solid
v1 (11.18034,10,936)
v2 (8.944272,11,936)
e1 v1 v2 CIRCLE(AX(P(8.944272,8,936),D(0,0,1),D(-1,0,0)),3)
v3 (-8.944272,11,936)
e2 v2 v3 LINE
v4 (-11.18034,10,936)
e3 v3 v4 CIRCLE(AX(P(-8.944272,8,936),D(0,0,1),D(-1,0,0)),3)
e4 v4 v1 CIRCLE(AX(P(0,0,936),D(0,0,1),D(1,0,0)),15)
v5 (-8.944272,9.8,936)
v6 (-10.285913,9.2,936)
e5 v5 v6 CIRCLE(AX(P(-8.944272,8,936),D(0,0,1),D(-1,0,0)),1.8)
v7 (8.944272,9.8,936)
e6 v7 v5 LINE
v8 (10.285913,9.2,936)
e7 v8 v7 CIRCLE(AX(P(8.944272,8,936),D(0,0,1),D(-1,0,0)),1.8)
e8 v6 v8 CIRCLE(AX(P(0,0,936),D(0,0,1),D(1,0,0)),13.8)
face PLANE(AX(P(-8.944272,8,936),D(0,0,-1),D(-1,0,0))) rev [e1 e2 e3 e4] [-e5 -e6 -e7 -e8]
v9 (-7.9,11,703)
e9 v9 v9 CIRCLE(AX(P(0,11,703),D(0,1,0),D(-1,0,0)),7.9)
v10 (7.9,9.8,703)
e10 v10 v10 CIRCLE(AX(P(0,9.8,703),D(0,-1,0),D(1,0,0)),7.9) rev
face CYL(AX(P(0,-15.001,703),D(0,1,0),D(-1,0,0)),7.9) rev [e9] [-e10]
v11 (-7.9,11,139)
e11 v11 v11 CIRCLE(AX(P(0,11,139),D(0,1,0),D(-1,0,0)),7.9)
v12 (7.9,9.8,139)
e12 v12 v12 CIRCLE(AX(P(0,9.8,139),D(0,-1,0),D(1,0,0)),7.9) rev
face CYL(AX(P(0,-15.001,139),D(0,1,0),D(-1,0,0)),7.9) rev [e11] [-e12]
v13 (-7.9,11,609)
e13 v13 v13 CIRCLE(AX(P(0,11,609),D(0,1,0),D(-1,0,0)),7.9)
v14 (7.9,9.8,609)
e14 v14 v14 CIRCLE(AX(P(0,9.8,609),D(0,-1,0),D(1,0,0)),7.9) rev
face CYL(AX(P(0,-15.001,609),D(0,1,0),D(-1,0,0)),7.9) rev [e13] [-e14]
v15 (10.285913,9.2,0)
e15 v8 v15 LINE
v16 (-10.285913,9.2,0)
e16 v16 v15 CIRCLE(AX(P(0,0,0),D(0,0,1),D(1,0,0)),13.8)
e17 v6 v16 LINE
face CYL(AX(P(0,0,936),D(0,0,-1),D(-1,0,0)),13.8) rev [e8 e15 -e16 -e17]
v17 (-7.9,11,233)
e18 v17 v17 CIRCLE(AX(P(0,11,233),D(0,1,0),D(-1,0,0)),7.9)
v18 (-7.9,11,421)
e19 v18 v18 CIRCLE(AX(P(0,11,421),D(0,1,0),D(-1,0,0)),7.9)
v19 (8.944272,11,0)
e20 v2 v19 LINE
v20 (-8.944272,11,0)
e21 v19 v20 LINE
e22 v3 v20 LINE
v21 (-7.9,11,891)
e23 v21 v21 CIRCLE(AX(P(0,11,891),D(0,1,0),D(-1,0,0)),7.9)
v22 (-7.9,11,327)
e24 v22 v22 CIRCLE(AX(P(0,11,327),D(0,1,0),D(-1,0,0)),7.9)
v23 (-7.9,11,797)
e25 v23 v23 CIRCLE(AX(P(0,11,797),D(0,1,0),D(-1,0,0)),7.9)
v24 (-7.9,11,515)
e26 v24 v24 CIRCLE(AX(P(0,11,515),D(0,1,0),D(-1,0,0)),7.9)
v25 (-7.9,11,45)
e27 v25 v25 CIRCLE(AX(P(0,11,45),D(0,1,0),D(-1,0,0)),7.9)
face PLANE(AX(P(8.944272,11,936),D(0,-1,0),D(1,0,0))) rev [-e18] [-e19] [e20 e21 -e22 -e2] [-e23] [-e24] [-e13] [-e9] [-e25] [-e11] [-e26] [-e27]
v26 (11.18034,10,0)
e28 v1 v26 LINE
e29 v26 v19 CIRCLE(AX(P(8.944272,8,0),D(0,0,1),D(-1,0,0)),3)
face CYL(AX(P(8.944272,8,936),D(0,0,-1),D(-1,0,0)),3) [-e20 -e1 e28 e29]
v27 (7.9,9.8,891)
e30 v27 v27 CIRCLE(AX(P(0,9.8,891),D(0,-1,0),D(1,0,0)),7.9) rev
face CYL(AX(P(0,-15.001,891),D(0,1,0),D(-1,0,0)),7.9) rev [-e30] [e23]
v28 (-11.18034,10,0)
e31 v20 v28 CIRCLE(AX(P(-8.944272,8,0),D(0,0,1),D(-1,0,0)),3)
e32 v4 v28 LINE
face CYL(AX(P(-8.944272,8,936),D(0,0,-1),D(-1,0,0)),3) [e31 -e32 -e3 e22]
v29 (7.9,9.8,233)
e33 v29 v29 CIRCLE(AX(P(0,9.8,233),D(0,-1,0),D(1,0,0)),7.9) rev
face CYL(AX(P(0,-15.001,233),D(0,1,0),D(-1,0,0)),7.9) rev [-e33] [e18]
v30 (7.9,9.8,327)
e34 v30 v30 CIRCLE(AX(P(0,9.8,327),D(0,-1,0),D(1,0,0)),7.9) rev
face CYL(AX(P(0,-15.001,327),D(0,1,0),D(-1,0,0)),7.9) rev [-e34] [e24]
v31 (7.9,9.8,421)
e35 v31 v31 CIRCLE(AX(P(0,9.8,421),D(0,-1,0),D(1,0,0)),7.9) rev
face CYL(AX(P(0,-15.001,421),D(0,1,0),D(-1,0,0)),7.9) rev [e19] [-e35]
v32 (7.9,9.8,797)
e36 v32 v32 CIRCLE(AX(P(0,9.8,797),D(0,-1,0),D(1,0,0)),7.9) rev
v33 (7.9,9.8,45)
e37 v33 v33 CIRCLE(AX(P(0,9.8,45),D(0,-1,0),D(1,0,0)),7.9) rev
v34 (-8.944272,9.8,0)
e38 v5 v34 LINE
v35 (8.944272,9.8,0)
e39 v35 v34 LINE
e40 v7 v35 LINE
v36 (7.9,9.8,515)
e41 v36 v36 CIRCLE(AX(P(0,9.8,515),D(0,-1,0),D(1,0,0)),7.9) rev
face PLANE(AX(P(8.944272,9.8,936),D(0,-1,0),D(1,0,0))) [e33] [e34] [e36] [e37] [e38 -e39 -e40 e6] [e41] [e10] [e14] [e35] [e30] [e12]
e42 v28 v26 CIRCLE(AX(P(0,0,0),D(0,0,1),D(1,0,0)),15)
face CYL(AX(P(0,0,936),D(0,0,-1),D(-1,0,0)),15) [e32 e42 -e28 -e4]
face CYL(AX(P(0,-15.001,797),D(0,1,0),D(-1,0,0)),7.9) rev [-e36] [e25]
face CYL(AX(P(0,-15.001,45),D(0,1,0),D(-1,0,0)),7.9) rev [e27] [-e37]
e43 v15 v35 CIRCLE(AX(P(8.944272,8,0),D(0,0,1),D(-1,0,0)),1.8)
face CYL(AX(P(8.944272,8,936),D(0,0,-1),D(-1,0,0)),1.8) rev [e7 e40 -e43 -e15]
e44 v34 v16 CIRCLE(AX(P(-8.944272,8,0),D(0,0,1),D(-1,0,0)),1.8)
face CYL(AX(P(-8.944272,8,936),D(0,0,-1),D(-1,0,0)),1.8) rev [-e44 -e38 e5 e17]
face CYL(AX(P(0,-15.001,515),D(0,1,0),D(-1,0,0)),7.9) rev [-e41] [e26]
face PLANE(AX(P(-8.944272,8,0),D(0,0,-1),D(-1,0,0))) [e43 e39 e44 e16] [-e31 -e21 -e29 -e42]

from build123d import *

# Parameters (mm, degrees)
BOSS_EXTRUDE1_DEPTH = 936
CUT_EXTRUDE1_REACH  = 938.481
SKETCH2_R           = 7.9


with BuildPart() as part:
    # Sketch1 → Boss-Extrude1 (new body)
    with BuildSketch(Plane.XY):
        with BuildLine():
            Line((8.94427191, 11), (-8.94427191, 11))
            ThreePointArc((-8.94427191, 11), (-10.169016781, 10.738612788), (-11.180339887, 10))
            ThreePointArc((-11.180339887, 10), (0, -15), (11.180339887, 10))
            ThreePointArc((11.180339887, 10), (10.169016781, 10.738612788), (8.94427191, 11))
        make_face()
        with BuildLine():
            Line((8.94427191, 9.8), (-8.94427191, 9.8))
            ThreePointArc((-8.94427191, 9.8), (-9.679118833, 9.643167673), (-10.285912696, 9.2))
            ThreePointArc((-10.285912696, 9.2), (0, -13.8), (10.285912696, 9.2))
            ThreePointArc((10.285912696, 9.2), (9.679118833, 9.643167673), (8.94427191, 9.8))
        make_face(mode=Mode.SUBTRACT)
    extrude(amount=BOSS_EXTRUDE1_DEPTH)

    # Sketch2 → Cut-Extrude1 (cut, up to next)
    with BuildSketch(Plane(origin=(0, 11, 0), x_dir=(1, 0, 0), z_dir=(0, 1, 0)), mode=Mode.PRIVATE) as cut_extrude1_sk1:
        with Locations(Location((0, -891, 0), (0, 0, 180))):
            Circle(SKETCH2_R)
    cut_extrude1_tool1 = extrude(cut_extrude1_sk1.sketch, amount=-CUT_EXTRUDE1_REACH, mode=Mode.PRIVATE) & part.part
    # Sketch2 → Cut-Extrude1 (cut, up to next)
    with BuildSketch(Plane(origin=(0, 11, 0), x_dir=(1, 0, 0), z_dir=(0, 1, 0)), mode=Mode.PRIVATE) as cut_extrude1_sk2:
        with Locations(Location((0, -797, 0), (0, 0, 180))):
            Circle(SKETCH2_R)
    cut_extrude1_tool2 = extrude(cut_extrude1_sk2.sketch, amount=-CUT_EXTRUDE1_REACH, mode=Mode.PRIVATE) & part.part
    # Sketch2 → Cut-Extrude1 (cut, up to next)
    with BuildSketch(Plane(origin=(0, 11, 0), x_dir=(1, 0, 0), z_dir=(0, 1, 0)), mode=Mode.PRIVATE) as cut_extrude1_sk3:
        with Locations(Location((0, -703, 0), (0, 0, 180))):
            Circle(SKETCH2_R)
    cut_extrude1_tool3 = extrude(cut_extrude1_sk3.sketch, amount=-CUT_EXTRUDE1_REACH, mode=Mode.PRIVATE) & part.part
    # Sketch2 → Cut-Extrude1 (cut, up to next)
    with BuildSketch(Plane(origin=(0, 11, 0), x_dir=(1, 0, 0), z_dir=(0, 1, 0)), mode=Mode.PRIVATE) as cut_extrude1_sk4:
        with Locations(Location((0, -609, 0), (0, 0, 180))):
            Circle(SKETCH2_R)
    cut_extrude1_tool4 = extrude(cut_extrude1_sk4.sketch, amount=-CUT_EXTRUDE1_REACH, mode=Mode.PRIVATE) & part.part
    # Sketch2 → Cut-Extrude1 (cut, up to next)
    with BuildSketch(Plane(origin=(0, 11, 0), x_dir=(1, 0, 0), z_dir=(0, 1, 0)), mode=Mode.PRIVATE) as cut_extrude1_sk5:
        with Locations(Location((0, -515, 0), (0, 0, 180))):
            Circle(SKETCH2_R)
    cut_extrude1_tool5 = extrude(cut_extrude1_sk5.sketch, amount=-CUT_EXTRUDE1_REACH, mode=Mode.PRIVATE) & part.part
    # Sketch2 → Cut-Extrude1 (cut, up to next)
    with BuildSketch(Plane(origin=(0, 11, 0), x_dir=(1, 0, 0), z_dir=(0, 1, 0)), mode=Mode.PRIVATE) as cut_extrude1_sk6:
        with Locations(Location((0, -421, 0), (0, 0, 180))):
            Circle(SKETCH2_R)
    cut_extrude1_tool6 = extrude(cut_extrude1_sk6.sketch, amount=-CUT_EXTRUDE1_REACH, mode=Mode.PRIVATE) & part.part
    # Sketch2 → Cut-Extrude1 (cut, up to next)
    with BuildSketch(Plane(origin=(0, 11, 0), x_dir=(1, 0, 0), z_dir=(0, 1, 0)), mode=Mode.PRIVATE) as cut_extrude1_sk7:
        with Locations(Location((0, -327, 0), (0, 0, 180))):
            Circle(SKETCH2_R)
    cut_extrude1_tool7 = extrude(cut_extrude1_sk7.sketch, amount=-CUT_EXTRUDE1_REACH, mode=Mode.PRIVATE) & part.part
    # Sketch2 → Cut-Extrude1 (cut, up to next)
    with BuildSketch(Plane(origin=(0, 11, 0), x_dir=(1, 0, 0), z_dir=(0, 1, 0)), mode=Mode.PRIVATE) as cut_extrude1_sk8:
        with Locations(Location((0, -233, 0), (0, 0, 180))):
            Circle(SKETCH2_R)
    cut_extrude1_tool8 = extrude(cut_extrude1_sk8.sketch, amount=-CUT_EXTRUDE1_REACH, mode=Mode.PRIVATE) & part.part
    # Sketch2 → Cut-Extrude1 (cut, up to next)
    with BuildSketch(Plane(origin=(0, 11, 0), x_dir=(1, 0, 0), z_dir=(0, 1, 0)), mode=Mode.PRIVATE) as cut_extrude1_sk9:
        with Locations(Location((0, -139, 0), (0, 0, 180))):
            Circle(SKETCH2_R)
    cut_extrude1_tool9 = extrude(cut_extrude1_sk9.sketch, amount=-CUT_EXTRUDE1_REACH, mode=Mode.PRIVATE) & part.part
    # Sketch2 → Cut-Extrude1 (cut, up to next)
    with BuildSketch(Plane(origin=(0, 11, 0), x_dir=(1, 0, 0), z_dir=(0, 1, 0)), mode=Mode.PRIVATE) as cut_extrude1_sk10:
        with Locations(Location((0, -45, 0), (0, 0, 180))):
            Circle(SKETCH2_R)
    cut_extrude1_tool10 = extrude(cut_extrude1_sk10.sketch, amount=-CUT_EXTRUDE1_REACH, mode=Mode.PRIVATE) & part.part
    add(cut_extrude1_tool1.solids().sort_by_distance((0, 11, 891))[0], mode=Mode.SUBTRACT)
    add(cut_extrude1_tool2.solids().sort_by_distance((0, 11, 797))[0], mode=Mode.SUBTRACT)
    add(cut_extrude1_tool3.solids().sort_by_distance((0, 11, 703))[0], mode=Mode.SUBTRACT)
    add(cut_extrude1_tool4.solids().sort_by_distance((0, 11, 609))[0], mode=Mode.SUBTRACT)
    add(cut_extrude1_tool5.solids().sort_by_distance((0, 11, 515))[0], mode=Mode.SUBTRACT)
    add(cut_extrude1_tool6.solids().sort_by_distance((0, 11, 421))[0], mode=Mode.SUBTRACT)
    add(cut_extrude1_tool7.solids().sort_by_distance((0, 11, 327))[0], mode=Mode.SUBTRACT)
    add(cut_extrude1_tool8.solids().sort_by_distance((0, 11, 233))[0], mode=Mode.SUBTRACT)
    add(cut_extrude1_tool9.solids().sort_by_distance((0, 11, 139))[0], mode=Mode.SUBTRACT)
    add(cut_extrude1_tool10.solids().sort_by_distance((0, 11, 45))[0], mode=Mode.SUBTRACT)


solid = part.part
